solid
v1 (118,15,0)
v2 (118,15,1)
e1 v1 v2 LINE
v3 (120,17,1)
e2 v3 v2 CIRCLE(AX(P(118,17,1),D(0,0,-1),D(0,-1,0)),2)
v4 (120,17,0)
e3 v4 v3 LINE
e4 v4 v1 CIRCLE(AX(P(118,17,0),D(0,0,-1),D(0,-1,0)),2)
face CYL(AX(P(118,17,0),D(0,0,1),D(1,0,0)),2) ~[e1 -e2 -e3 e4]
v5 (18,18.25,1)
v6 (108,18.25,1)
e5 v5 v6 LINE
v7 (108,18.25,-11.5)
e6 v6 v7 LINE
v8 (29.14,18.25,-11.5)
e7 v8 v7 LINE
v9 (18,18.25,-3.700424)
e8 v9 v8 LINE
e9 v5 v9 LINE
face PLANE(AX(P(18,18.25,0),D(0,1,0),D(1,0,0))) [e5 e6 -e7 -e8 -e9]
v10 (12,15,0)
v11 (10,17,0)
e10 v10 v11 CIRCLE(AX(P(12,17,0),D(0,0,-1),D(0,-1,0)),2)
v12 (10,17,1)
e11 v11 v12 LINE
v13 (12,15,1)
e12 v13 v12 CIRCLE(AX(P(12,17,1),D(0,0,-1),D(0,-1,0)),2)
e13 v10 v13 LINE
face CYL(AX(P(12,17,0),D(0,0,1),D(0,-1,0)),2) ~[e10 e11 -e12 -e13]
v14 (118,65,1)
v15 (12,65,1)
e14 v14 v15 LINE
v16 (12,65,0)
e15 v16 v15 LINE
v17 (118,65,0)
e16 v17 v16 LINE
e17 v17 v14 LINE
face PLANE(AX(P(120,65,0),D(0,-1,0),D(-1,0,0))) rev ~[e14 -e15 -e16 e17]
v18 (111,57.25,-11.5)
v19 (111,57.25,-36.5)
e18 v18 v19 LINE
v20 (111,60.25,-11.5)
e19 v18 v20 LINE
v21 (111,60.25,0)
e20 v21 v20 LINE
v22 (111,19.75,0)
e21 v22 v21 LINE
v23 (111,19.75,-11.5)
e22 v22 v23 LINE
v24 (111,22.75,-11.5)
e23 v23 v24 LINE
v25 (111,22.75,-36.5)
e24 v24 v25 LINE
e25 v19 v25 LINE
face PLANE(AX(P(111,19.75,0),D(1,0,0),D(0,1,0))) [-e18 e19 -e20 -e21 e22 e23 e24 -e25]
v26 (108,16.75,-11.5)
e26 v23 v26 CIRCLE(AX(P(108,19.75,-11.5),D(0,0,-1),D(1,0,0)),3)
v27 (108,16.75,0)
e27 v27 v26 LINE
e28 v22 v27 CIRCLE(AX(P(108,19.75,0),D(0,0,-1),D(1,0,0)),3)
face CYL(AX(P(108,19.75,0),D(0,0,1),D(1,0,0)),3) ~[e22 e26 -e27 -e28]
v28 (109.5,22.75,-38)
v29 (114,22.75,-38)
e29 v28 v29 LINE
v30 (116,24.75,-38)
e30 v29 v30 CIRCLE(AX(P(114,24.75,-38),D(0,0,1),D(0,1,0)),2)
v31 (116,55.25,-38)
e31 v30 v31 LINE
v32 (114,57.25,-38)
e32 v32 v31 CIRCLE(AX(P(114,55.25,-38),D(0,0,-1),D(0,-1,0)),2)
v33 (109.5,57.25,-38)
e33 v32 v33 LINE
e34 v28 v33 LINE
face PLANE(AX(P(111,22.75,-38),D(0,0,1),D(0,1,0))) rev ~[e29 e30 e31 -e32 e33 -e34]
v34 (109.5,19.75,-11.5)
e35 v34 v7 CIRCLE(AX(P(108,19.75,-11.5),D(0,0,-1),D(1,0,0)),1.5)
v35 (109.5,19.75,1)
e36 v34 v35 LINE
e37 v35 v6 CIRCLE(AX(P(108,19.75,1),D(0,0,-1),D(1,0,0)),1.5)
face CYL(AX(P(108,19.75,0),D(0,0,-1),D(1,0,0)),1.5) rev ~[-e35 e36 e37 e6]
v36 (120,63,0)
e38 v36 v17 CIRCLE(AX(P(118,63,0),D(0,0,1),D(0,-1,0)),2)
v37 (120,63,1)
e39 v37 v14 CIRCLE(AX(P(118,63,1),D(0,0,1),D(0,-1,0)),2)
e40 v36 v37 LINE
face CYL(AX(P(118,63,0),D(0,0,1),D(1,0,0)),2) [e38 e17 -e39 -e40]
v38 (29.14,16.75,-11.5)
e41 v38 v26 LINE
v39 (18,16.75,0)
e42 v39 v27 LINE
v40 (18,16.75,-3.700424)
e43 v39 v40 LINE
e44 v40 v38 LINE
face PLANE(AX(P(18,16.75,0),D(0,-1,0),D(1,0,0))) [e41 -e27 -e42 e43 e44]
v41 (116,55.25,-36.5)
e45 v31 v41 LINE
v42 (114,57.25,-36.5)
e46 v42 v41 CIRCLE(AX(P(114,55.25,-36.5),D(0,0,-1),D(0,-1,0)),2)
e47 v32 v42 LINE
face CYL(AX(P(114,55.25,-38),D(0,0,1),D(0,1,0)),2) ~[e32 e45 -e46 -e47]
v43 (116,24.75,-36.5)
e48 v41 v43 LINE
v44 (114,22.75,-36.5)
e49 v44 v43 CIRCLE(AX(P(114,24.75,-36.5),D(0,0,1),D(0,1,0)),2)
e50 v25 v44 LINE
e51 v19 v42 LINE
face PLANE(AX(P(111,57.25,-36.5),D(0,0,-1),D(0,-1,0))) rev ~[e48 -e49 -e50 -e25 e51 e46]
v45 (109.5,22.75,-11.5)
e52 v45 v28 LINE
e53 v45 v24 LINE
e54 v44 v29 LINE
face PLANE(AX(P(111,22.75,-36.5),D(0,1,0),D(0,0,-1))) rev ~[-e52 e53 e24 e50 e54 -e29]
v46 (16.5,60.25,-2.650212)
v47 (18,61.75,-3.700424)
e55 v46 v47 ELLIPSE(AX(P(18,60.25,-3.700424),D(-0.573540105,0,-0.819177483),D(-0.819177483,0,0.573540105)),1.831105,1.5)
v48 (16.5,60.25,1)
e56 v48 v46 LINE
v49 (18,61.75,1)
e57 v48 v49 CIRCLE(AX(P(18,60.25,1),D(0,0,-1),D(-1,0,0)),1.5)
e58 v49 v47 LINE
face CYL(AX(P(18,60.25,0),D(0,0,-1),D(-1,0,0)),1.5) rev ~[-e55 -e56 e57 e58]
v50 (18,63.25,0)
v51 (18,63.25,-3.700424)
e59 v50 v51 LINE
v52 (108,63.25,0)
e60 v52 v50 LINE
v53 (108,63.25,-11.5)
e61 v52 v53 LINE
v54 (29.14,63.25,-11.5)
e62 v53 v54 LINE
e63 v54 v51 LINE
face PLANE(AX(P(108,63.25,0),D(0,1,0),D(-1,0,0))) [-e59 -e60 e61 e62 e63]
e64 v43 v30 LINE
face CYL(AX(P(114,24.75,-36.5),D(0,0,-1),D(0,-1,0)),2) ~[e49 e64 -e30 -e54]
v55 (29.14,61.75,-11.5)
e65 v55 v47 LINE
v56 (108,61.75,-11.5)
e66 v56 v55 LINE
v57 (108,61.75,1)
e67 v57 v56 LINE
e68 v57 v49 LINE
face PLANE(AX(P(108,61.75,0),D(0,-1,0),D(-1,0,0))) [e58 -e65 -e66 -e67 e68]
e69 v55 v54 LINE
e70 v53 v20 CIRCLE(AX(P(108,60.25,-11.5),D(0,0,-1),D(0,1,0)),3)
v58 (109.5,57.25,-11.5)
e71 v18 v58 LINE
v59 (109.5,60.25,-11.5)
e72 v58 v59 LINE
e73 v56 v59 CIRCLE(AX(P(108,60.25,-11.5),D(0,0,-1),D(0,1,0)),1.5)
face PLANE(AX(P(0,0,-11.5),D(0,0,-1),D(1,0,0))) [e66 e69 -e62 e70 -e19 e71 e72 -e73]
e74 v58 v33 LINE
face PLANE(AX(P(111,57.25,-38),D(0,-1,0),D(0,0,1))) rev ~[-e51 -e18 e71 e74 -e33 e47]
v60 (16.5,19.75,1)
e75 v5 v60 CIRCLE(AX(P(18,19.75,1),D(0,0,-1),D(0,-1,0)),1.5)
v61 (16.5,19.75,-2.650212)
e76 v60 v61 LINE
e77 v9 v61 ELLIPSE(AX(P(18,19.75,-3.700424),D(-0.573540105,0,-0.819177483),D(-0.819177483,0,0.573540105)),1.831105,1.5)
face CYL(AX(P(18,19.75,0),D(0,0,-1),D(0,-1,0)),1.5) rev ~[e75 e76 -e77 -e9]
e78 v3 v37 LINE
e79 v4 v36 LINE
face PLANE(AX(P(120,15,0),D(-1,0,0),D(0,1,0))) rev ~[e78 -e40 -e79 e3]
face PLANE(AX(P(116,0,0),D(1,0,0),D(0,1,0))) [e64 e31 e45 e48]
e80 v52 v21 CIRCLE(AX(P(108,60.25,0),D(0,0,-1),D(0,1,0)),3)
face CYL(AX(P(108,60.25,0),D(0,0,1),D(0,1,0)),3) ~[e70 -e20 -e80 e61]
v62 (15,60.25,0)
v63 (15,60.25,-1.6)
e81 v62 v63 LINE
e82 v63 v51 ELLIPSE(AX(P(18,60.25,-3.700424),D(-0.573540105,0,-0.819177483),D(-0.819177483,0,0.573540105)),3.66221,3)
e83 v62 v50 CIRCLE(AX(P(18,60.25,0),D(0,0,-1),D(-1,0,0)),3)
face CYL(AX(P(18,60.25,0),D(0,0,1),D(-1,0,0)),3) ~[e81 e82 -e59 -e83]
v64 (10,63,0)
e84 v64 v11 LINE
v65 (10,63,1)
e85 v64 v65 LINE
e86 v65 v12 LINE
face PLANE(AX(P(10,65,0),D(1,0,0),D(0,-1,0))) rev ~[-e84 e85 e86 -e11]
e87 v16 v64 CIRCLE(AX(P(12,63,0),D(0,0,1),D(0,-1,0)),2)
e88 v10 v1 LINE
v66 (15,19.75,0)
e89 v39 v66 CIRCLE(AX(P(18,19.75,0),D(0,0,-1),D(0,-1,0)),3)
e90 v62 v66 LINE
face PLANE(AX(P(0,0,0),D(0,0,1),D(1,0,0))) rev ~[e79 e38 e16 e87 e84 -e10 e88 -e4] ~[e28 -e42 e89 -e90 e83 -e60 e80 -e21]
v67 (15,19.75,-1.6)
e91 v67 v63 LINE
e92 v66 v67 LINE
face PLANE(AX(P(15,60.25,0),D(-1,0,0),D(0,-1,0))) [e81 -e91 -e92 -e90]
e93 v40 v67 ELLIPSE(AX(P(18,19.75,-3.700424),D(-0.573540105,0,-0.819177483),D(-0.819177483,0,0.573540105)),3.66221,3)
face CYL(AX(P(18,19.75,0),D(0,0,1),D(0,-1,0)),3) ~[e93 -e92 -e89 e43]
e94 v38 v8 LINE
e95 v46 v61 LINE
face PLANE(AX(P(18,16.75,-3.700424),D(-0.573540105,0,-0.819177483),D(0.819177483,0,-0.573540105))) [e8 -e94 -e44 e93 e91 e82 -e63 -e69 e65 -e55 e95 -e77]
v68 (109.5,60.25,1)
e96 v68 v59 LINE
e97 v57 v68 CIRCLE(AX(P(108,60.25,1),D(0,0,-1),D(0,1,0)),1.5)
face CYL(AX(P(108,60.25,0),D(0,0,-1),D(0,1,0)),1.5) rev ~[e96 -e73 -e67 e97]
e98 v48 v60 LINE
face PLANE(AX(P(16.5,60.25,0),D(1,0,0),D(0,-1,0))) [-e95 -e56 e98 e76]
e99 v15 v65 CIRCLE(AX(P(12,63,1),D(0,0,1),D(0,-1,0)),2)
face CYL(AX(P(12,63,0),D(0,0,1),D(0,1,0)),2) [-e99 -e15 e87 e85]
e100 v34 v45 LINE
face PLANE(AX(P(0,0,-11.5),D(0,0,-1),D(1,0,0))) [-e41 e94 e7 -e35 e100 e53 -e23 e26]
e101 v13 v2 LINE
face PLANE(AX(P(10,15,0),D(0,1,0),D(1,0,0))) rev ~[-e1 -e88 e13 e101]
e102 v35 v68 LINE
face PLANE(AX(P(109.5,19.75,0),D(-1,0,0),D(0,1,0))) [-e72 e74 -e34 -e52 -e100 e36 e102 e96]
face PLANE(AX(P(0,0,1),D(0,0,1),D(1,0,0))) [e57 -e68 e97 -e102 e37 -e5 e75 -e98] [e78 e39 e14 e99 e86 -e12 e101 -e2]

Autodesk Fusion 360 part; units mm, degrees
sketch "Sketch2" plane through (0, 0, 0) normal (0, 0, -1) x (1, 0, 0)
  line L0 (0, 0) -> (0, -80)
  line L1 (0, -80) -> (120, -80)
  line L2 (120, -80) -> (120, 0)
  line L3 (120, 0) -> (0, 0)
  line L4 (18, -18.25) -> (108, -18.25)
  line L5 (109.5, -19.75) -> (109.5, -60.25)
  line L6 (108, -61.75) -> (18, -61.75)
  line L7 (16.5, -60.25) -> (16.5, -19.75)
  arc A0 (18, -18.25) -> (16.5, -19.75) centre (18, -19.75) ccw
  arc A1 (16.5, -60.25) -> (18, -61.75) centre (18, -60.25) ccw
  arc A2 (109.5, -19.75) -> (108, -18.25) centre (108, -19.75) ccw
  arc A3 (108, -61.75) -> (109.5, -60.25) centre (108, -60.25) ccw
  point P0 (16.5, -18.25)
  point P1 (109.5, -18.25)
  point P2 (16.5, -61.75)
  dimension "d8" = 93
  dimension "d9" = 43.5
  dimension "d10" = 18.25
  dimension "d11" = 18.25
  dimension "d12" = 16.5
  dimension "d15" = 1.5
  dimension "d16" = 1.5
sketch "Sketch3" plane through (0, 0, 0) normal (0, 0, -1) x (1, 0, 0)
  line L0 (18, -18.25) -> (108, -18.25)
  arc A0 (109.5, -19.75) -> (108, -18.25) centre (108, -19.75) ccw
  line L1 (109.5, -19.75) -> (109.5, -60.25)
  arc A1 (108, -61.75) -> (109.5, -60.25) centre (108, -60.25) ccw
  line L2 (108, -61.75) -> (18, -61.75)
  arc A2 (16.5, -60.25) -> (18, -61.75) centre (18, -60.25) ccw
  line L3 (16.5, -60.25) -> (16.5, -19.75)
  arc A3 (18, -18.25) -> (16.5, -19.75) centre (18, -19.75) ccw
  line L4 (0, 0) -> (0, -80)
  line L5 (0, -80) -> (120, -80)
  line L6 (120, -80) -> (120, 0)
  line L7 (120, 0) -> (0, 0)
  arc A4 (111, -19.75) -> (108, -16.75) centre (108, -19.75) ccw
  line L8 (18, -16.75) -> (108, -16.75)
  arc A5 (18, -16.75) -> (15, -19.75) centre (18, -19.75) ccw
  line L9 (15, -60.25) -> (15, -19.75)
  arc A6 (15, -60.25) -> (18, -63.25) centre (18, -60.25) ccw
  line L10 (108, -63.25) -> (18, -63.25)
  arc A7 (108, -63.25) -> (111, -60.25) centre (108, -60.25) ccw
  line L11 (111, -19.75) -> (111, -60.25)
  dimension "d17" = -1.5
extrude "Extrude3" add sketch "Sketch3" along normal blind 11.5 contours A4 L8 A5 L9 A6 L10 A7 L11
sketch "Sketch4" plane through (0, 16.75, 0) normal (0, -1, 0) x (1, 0, 0)
  line L0 (18, 0) -> (18, -11.5)
  line L1 (18, -11.5) -> (108, -11.5)
  line L2 (108, -11.5) -> (108, 0)
  line L3 (15, 0) -> (15, -1.6) construction
  line L4 (15, -1.6) -> (29.14, -11.5)
  line L5 (15, 0) -> (15, -11.5)
  line L6 (29.14, -11.5) -> (15, -11.5)
  line L7 (15, -1.6) -> (15, -11.5)
  line L8 (108, 0) -> (18, 0)
  point P0 (15, -11.5)
  dimension "d20" = 1.6
  dimension "d21" = 14.14
extrude "Extrude4" cut sketch "Sketch4" against normal up to surface (46.5 mm away) contours L0 L1 L4 L6 | L0 L4 L5 L6 L7
sketch "Sketch5" plane through (0, 0, -11.5) normal (0, 0, -1) x (1, 0, 0)
  line L0 (29.14, -63.25) -> (108, -63.25)
  arc A0 (108, -63.25) -> (111, -60.25) centre (108, -60.25) ccw
  line L1 (111, -60.25) -> (111, -19.75)
  arc A1 (111, -19.75) -> (108, -16.75) centre (108, -19.75) ccw
  line L2 (108, -16.75) -> (29.14, -16.75)
  line L3 (29.14, -18.25) -> (108, -18.25)
  arc A2 (109.5, -19.75) -> (108, -18.25) centre (108, -19.75) ccw
  line L4 (109.5, -19.75) -> (109.5, -60.25)
  arc A3 (108, -61.75) -> (109.5, -60.25) centre (108, -60.25) ccw
  line L5 (108, -61.75) -> (29.14, -61.75)
  line L6 (109.5, -22.75) -> (111, -22.75)
  line L7 (111, -22.75) -> (111, -57.25)
  line L8 (111, -57.25) -> (109.5, -57.25)
  line L9 (109.5, -57.25) -> (109.5, -22.75)
  line L10 (29.14, -16.75) -> (29.14, -18.25)
  line L11 (29.14, -61.75) -> (29.14, -63.25)
  dimension "d26" = 1.5
  dimension "d27" = 34.5
  dimension "d28" = 4.5
  dimension "d29" = 4.5
extrude "Extrude5" add sketch "Sketch5" along normal blind 26.5 contours L1 L4 L6 L7 L8 L9
sketch "Sketch6" plane through (111, 0, 0) normal (1, 0, 0) x (0, 1, 0)
  line L0 (19.75, 0) -> (19.75, -11.5)
  line L1 (19.75, -11.5) -> (22.75, -11.5)
  line L2 (22.75, -11.5) -> (22.75, -38)
  line L3 (22.75, -38) -> (57.25, -38)
  line L4 (57.25, -38) -> (57.25, -11.5)
  line L5 (57.25, -11.5) -> (60.25, -11.5)
  line L6 (60.25, -11.5) -> (60.25, 0)
  line L7 (22.75, -38) -> (57.25, -38)
  line L8 (57.25, -38) -> (57.25, -36.5)
  line L9 (57.25, -36.5) -> (22.75, -36.5)
  line L10 (22.75, -36.5) -> (22.75, -38)
  line L11 (60.25, 0) -> (19.75, 0)
  dimension "d34" = 34.5
  dimension "d35" = 1.5
extrude "Extrude6" add sketch "Sketch6" along normal blind 5 contours L2 L3 L4 L7 L8 L9 L10
fillet "Fillet4" radius 2 2 edges at (116, 57.25, -37.25) (116, 22.75, -37.25)
sketch "Sketch7" plane through (0, 0, 0) normal (0, 0, 1) x (1, 0, 0)
  line L0 (120, 65) -> (10, 65)
  line L1 (10, 65) -> (10, 15)
  line L2 (10, 15) -> (120, 15)
  line L3 (120, 15) -> (120, 65)
extrude "Extrude7" add sketch "Sketch7" along normal blind 1
extrude "Extrude8" cut 1 faces at (78, 32.75, 0) along direction (0, 0, 1) up to surface (1 mm away)
fillet "Fillet5" radius 2 4 edges at (10, 15, 0.5) (120, 15, 0.5) (120, 65, 0.5) (10, 65, 0.5)
equation "d10 = d11"
equation "d28 = d29"
